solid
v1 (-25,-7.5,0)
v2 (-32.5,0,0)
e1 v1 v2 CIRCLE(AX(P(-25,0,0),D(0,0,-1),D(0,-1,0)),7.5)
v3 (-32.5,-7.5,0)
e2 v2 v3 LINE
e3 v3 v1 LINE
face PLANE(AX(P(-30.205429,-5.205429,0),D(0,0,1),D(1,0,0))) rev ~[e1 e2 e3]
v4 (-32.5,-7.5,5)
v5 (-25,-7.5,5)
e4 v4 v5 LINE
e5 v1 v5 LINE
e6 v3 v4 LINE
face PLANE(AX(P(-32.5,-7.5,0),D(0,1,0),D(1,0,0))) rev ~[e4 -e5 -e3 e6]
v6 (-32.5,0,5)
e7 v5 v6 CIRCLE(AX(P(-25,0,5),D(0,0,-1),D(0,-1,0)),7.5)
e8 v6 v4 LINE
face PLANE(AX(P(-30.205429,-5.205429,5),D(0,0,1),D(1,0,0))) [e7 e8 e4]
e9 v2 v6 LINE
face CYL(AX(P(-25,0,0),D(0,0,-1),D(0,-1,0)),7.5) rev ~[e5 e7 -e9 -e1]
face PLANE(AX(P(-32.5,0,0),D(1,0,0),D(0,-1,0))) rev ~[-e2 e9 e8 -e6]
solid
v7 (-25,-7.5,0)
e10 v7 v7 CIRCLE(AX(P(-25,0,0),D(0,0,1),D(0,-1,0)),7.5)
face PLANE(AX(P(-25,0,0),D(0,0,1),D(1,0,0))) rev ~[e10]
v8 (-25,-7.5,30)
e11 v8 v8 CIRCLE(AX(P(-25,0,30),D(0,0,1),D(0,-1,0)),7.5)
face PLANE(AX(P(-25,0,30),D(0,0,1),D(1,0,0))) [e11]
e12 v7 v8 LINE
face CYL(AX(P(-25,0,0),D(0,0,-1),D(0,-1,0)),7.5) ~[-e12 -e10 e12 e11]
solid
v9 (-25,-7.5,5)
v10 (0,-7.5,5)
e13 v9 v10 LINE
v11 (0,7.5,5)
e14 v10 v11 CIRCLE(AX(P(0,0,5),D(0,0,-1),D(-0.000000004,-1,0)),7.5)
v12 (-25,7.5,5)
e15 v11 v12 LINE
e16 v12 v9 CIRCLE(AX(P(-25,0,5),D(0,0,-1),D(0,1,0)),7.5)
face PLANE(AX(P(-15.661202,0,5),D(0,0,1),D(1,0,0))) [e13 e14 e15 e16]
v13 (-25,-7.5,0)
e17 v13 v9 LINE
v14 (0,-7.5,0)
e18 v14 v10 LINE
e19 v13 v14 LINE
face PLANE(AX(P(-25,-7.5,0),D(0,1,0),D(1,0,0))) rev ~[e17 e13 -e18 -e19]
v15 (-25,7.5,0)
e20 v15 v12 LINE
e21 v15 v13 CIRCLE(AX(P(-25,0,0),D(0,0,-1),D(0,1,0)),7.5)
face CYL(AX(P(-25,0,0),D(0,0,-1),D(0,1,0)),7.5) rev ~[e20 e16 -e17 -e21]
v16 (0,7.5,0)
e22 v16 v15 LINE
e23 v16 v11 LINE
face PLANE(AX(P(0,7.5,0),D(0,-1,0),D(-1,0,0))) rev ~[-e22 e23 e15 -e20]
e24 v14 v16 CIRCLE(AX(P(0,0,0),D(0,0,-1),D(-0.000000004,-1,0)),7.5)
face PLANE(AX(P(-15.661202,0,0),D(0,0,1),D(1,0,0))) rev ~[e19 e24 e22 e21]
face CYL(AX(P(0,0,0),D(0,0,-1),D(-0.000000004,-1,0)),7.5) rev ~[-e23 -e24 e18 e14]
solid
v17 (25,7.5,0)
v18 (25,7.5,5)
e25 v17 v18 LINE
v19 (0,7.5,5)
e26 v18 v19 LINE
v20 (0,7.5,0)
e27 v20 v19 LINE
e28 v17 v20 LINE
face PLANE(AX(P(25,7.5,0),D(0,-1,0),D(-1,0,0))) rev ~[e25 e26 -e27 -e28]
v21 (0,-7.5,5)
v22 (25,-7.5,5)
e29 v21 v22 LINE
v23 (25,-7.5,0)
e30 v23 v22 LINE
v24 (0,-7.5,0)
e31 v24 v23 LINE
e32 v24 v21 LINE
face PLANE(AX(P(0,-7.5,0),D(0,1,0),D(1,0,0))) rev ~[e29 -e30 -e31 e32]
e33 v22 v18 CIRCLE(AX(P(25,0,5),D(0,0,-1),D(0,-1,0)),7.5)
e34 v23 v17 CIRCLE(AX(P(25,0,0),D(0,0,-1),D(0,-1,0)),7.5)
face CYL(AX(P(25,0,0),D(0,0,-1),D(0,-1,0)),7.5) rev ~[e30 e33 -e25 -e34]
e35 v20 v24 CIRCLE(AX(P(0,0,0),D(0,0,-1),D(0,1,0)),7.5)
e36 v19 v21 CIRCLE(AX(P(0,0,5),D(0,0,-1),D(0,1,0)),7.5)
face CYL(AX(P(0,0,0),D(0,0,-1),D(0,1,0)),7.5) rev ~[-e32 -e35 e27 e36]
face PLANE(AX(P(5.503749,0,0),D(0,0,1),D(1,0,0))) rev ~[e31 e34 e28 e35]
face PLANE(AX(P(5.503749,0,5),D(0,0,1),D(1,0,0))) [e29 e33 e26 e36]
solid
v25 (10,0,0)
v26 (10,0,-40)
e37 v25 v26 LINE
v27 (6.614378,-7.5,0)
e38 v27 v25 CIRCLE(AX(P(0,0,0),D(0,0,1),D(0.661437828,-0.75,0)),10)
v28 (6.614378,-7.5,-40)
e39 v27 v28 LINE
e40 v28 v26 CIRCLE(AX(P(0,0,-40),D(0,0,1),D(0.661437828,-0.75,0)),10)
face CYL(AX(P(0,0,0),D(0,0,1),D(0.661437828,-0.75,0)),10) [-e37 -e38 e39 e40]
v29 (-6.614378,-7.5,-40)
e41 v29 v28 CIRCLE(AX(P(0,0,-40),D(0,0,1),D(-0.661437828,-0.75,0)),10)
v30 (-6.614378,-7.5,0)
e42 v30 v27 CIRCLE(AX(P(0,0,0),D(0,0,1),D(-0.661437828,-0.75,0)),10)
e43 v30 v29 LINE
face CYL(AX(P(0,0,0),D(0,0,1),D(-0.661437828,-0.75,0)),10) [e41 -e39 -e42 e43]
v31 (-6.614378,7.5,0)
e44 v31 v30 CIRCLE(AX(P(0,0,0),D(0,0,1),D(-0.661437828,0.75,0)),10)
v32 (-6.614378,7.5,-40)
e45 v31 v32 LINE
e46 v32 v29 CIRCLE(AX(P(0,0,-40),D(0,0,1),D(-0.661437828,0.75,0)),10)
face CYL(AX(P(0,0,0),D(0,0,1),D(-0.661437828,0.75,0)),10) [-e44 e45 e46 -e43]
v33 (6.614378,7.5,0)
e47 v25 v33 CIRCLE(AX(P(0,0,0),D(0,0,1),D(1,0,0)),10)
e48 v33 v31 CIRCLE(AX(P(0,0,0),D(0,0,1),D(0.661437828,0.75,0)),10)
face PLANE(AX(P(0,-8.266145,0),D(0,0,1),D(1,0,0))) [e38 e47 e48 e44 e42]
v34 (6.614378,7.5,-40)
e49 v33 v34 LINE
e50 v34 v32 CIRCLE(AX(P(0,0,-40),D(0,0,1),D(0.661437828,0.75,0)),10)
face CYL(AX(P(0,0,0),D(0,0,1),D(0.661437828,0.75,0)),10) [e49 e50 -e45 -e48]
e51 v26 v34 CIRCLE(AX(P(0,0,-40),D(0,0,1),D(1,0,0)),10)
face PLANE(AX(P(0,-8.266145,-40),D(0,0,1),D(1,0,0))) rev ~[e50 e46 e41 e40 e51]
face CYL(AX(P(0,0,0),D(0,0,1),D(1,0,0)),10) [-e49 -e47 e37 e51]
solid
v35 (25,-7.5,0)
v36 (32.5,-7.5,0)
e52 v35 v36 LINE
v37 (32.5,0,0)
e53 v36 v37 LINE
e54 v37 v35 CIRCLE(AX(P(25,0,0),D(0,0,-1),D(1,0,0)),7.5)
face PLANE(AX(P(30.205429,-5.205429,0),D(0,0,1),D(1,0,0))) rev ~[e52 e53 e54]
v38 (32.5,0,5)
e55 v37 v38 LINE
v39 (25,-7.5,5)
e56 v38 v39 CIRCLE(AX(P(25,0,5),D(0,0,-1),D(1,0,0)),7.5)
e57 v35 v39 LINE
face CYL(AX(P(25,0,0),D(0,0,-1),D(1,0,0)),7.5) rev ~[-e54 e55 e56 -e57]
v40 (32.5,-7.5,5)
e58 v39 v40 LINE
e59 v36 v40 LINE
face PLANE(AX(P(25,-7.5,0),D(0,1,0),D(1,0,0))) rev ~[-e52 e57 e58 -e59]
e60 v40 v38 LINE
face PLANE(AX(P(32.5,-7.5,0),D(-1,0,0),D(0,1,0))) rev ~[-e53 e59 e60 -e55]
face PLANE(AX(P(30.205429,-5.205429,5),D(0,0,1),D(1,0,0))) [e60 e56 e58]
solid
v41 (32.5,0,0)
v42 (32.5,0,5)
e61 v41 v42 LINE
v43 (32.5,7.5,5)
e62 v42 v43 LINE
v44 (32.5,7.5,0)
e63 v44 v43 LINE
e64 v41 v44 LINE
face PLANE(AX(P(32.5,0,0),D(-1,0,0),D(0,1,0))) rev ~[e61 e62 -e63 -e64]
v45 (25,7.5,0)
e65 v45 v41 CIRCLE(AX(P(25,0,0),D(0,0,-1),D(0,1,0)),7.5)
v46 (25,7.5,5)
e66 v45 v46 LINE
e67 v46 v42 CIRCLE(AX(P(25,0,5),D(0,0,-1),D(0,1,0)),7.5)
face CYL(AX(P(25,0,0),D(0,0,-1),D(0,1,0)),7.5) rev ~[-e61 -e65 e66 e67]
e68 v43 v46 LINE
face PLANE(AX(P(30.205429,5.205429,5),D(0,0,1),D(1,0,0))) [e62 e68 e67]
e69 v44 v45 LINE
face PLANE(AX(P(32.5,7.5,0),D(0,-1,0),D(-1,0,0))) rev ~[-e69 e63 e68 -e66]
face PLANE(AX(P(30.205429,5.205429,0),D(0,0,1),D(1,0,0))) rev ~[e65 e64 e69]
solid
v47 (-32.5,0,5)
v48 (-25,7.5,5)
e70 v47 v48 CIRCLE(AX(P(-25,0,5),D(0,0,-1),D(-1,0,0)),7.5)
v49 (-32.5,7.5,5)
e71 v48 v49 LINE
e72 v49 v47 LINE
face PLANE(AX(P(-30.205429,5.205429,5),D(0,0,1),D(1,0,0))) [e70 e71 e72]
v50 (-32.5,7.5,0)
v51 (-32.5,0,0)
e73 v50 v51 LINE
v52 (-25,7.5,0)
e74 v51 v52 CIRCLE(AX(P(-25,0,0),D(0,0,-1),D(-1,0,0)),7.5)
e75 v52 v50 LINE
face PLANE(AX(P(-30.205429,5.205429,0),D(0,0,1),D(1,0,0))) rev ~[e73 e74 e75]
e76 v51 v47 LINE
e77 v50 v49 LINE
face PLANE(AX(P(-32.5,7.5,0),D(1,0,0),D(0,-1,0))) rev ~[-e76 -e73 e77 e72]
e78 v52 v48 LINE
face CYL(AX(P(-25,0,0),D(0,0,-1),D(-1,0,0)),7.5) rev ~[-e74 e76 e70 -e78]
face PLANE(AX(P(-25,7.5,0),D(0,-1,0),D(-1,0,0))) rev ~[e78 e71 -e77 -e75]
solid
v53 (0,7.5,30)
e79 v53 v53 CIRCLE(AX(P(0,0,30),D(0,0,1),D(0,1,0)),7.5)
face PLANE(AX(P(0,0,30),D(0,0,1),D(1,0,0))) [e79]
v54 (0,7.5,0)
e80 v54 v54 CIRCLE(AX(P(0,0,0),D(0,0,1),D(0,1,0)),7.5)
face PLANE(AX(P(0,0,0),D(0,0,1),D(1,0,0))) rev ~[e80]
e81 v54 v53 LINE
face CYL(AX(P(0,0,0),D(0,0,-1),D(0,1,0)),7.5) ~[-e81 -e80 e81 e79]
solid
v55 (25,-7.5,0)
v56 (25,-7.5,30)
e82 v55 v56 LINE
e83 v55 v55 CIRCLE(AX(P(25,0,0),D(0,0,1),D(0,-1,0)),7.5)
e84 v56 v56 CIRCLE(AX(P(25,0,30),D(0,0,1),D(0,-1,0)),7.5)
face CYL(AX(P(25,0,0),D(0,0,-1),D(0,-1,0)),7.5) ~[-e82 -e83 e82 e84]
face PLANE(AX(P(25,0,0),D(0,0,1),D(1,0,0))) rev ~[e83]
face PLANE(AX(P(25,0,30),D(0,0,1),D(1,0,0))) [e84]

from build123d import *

# Parameters (mm, degrees)
F1_DEPTH = 30
F2_DEPTH = 5
F3_DEPTH = 40


with BuildPart() as f1:
    # F0 (on Top) → F1 (new body)
    with BuildSketch(Plane.XY):
        with BuildLine():
            ThreePointArc((-17.5, 0), (-19.6966991411, 5.3033008589), (-25, 7.5))
            ThreePointArc((-25, 7.5), (-30.3033008589, 5.3033008589), (-32.5, 0))
            ThreePointArc((-32.5, 0), (-30.3033008589, -5.3033008589), (-25, -7.5))
            ThreePointArc((-25, -7.5), (-19.6966991411, -5.3033008589), (-17.5, 0))
        make_face()
    extrude(amount=F1_DEPTH)


with BuildPart() as f1b:
    # F0 (on Top) → F1, piece 2 (new body)
    with BuildSketch(Plane.XY):
        with BuildLine():
            ThreePointArc((32.5, 0), (30.3033008589, 5.3033008589), (25, 7.5))
            ThreePointArc((25, 7.5), (17.5, 0), (25, -7.5))
            ThreePointArc((25, -7.5), (30.3033008589, -5.3033008589), (32.5, 0))
        make_face()
    extrude(amount=F1_DEPTH)


with BuildPart() as f1c:
    # F0 (on Top) → F1, piece 3 (new body)
    with BuildSketch(Plane.XY):
        with BuildLine():
            ThreePointArc((-2.86e-08, -7.5), (5.3033008488, -5.303300869), (7.5, 0))
            ThreePointArc((7.5, 0), (5.3033008589, 5.3033008589), (0, 7.5))
            ThreePointArc((0, 7.5), (-7.5, 1.43e-08), (-2.86e-08, -7.5))
        make_face()
    extrude(amount=F1_DEPTH)


with BuildPart() as f2:
    # F0 (on Top) → F2 (new body)
    with BuildSketch(Plane.XY):
        with BuildLine():
            ThreePointArc((-6.6143782777, -7.5), (-10, 0), (-6.6143782777, 7.5))
            Line((-6.6143782777, 7.5), (-25, 7.5))
            ThreePointArc((-25, 7.5), (-19.6966991411, 5.3033008589), (-17.5, 0))
            ThreePointArc((-17.5, 0), (-19.6966991411, -5.3033008589), (-25, -7.5))
            Line((-25, -7.5), (-6.6143782777, -7.5))
        make_face()
        with BuildLine():
            ThreePointArc((-2.86e-08, -7.5), (-7.5, 1.43e-08), (0, 7.5))
            Line((0, 7.5), (-6.6143782777, 7.5))
            ThreePointArc((-6.6143782777, 7.5), (-10, 0), (-6.6143782777, -7.5))
            Line((-6.6143782777, -7.5), (-2.86e-08, -7.5))
        make_face()
    extrude(amount=F2_DEPTH)


with BuildPart() as f2b:
    # F0 (on Top) → F2, piece 2 (new body)
    with BuildSketch(Plane.XY):
        with BuildLine():
            Line((-32.5, -7.5), (-25, -7.5))
            ThreePointArc((-25, -7.5), (-30.3033008589, -5.3033008589), (-32.5, 0))
            Line((-32.5, 0), (-32.5, -7.5))
        make_face()
    extrude(amount=F2_DEPTH)


with BuildPart() as f2c:
    # F0 (on Top) → F2, piece 3 (new body)
    with BuildSketch(Plane.XY):
        with BuildLine():
            ThreePointArc((0, 7.5), (5.3033008589, 5.3033008589), (7.5, 0))
            ThreePointArc((7.5, 0), (5.3033008488, -5.303300869), (-2.86e-08, -7.5))
            Line((-2.86e-08, -7.5), (6.6143782777, -7.5))
            ThreePointArc((6.6143782777, -7.5), (9.1143782777, -4.1143782777), (10, 0))
            ThreePointArc((10, 0), (9.1143782777, 4.1143782777), (6.6143782777, 7.5))
            Line((6.6143782777, 7.5), (0, 7.5))
        make_face()
        with BuildLine():
            Line((25, 7.5), (6.6143782777, 7.5))
            ThreePointArc((6.6143782777, 7.5), (9.1143782777, 4.1143782777), (10, 0))
            ThreePointArc((10, 0), (9.1143782777, -4.1143782777), (6.6143782777, -7.5))
            Line((6.6143782777, -7.5), (25, -7.5))
            ThreePointArc((25, -7.5), (17.5, 0), (25, 7.5))
        make_face()
    extrude(amount=F2_DEPTH)


with BuildPart() as f2d:
    # F0 (on Top) → F2, piece 4 (new body)
    with BuildSketch(Plane.XY):
        with BuildLine():
            ThreePointArc((32.5, 0), (30.3033008589, -5.3033008589), (25, -7.5))
            Line((25, -7.5), (32.5, -7.5))
            Line((32.5, -7.5), (32.5, 0))
        make_face()
    extrude(amount=F2_DEPTH)


with BuildPart() as f2e:
    # F0 (on Top) → F2, piece 5 (new body)
    with BuildSketch(Plane.XY):
        with BuildLine():
            Line((32.5, 7.5), (25, 7.5))
            ThreePointArc((25, 7.5), (30.3033008589, 5.3033008589), (32.5, 0))
            Line((32.5, 0), (32.5, 7.5))
        make_face()
    extrude(amount=F2_DEPTH)


with BuildPart() as f2f:
    # F0 (on Top) → F2, piece 6 (new body)
    with BuildSketch(Plane.XY):
        with BuildLine():
            ThreePointArc((-32.5, 0), (-30.3033008589, 5.3033008589), (-25, 7.5))
            Line((-25, 7.5), (-32.5, 7.5))
            Line((-32.5, 7.5), (-32.5, 0))
        make_face()
    extrude(amount=F2_DEPTH)


with BuildPart() as f3:
    # F0 (on Top) → F3 (new body)
    with BuildSketch(Plane.XY):
        with BuildLine():
            Line((6.6143782777, -7.5), (-2.86e-08, -7.5))
            Line((-2.86e-08, -7.5), (-6.6143782777, -7.5))
            ThreePointArc((-6.6143782777, -7.5), (0, -10), (6.6143782777, -7.5))
        make_face()
        with BuildLine():
            ThreePointArc((-2.86e-08, -7.5), (-7.5, 1.43e-08), (0, 7.5))
            Line((0, 7.5), (-6.6143782777, 7.5))
            ThreePointArc((-6.6143782777, 7.5), (-10, 0), (-6.6143782777, -7.5))
            Line((-6.6143782777, -7.5), (-2.86e-08, -7.5))
        make_face()
        with BuildLine():
            ThreePointArc((-2.86e-08, -7.5), (5.3033008488, -5.303300869), (7.5, 0))
            ThreePointArc((7.5, 0), (5.3033008589, 5.3033008589), (0, 7.5))
            ThreePointArc((0, 7.5), (-7.5, 1.43e-08), (-2.86e-08, -7.5))
        make_face()
        with BuildLine():
            Line((-6.6143782777, 7.5), (0, 7.5))
            Line((0, 7.5), (6.6143782777, 7.5))
            ThreePointArc((6.6143782777, 7.5), (0, 10), (-6.6143782777, 7.5))
        make_face()
        with BuildLine():
            ThreePointArc((0, 7.5), (5.3033008589, 5.3033008589), (7.5, 0))
            ThreePointArc((7.5, 0), (5.3033008488, -5.303300869), (-2.86e-08, -7.5))
            Line((-2.86e-08, -7.5), (6.6143782777, -7.5))
            ThreePointArc((6.6143782777, -7.5), (9.1143782777, -4.1143782777), (10, 0))
            ThreePointArc((10, 0), (9.1143782777, 4.1143782777), (6.6143782777, 7.5))
            Line((6.6143782777, 7.5), (0, 7.5))
        make_face()
    extrude(amount=-F3_DEPTH)


solid = Compound([f1.part, f1b.part, f1c.part, f2.part, f2b.part, f2c.part, f2d.part, f2e.part, f2f.part, f3.part])
